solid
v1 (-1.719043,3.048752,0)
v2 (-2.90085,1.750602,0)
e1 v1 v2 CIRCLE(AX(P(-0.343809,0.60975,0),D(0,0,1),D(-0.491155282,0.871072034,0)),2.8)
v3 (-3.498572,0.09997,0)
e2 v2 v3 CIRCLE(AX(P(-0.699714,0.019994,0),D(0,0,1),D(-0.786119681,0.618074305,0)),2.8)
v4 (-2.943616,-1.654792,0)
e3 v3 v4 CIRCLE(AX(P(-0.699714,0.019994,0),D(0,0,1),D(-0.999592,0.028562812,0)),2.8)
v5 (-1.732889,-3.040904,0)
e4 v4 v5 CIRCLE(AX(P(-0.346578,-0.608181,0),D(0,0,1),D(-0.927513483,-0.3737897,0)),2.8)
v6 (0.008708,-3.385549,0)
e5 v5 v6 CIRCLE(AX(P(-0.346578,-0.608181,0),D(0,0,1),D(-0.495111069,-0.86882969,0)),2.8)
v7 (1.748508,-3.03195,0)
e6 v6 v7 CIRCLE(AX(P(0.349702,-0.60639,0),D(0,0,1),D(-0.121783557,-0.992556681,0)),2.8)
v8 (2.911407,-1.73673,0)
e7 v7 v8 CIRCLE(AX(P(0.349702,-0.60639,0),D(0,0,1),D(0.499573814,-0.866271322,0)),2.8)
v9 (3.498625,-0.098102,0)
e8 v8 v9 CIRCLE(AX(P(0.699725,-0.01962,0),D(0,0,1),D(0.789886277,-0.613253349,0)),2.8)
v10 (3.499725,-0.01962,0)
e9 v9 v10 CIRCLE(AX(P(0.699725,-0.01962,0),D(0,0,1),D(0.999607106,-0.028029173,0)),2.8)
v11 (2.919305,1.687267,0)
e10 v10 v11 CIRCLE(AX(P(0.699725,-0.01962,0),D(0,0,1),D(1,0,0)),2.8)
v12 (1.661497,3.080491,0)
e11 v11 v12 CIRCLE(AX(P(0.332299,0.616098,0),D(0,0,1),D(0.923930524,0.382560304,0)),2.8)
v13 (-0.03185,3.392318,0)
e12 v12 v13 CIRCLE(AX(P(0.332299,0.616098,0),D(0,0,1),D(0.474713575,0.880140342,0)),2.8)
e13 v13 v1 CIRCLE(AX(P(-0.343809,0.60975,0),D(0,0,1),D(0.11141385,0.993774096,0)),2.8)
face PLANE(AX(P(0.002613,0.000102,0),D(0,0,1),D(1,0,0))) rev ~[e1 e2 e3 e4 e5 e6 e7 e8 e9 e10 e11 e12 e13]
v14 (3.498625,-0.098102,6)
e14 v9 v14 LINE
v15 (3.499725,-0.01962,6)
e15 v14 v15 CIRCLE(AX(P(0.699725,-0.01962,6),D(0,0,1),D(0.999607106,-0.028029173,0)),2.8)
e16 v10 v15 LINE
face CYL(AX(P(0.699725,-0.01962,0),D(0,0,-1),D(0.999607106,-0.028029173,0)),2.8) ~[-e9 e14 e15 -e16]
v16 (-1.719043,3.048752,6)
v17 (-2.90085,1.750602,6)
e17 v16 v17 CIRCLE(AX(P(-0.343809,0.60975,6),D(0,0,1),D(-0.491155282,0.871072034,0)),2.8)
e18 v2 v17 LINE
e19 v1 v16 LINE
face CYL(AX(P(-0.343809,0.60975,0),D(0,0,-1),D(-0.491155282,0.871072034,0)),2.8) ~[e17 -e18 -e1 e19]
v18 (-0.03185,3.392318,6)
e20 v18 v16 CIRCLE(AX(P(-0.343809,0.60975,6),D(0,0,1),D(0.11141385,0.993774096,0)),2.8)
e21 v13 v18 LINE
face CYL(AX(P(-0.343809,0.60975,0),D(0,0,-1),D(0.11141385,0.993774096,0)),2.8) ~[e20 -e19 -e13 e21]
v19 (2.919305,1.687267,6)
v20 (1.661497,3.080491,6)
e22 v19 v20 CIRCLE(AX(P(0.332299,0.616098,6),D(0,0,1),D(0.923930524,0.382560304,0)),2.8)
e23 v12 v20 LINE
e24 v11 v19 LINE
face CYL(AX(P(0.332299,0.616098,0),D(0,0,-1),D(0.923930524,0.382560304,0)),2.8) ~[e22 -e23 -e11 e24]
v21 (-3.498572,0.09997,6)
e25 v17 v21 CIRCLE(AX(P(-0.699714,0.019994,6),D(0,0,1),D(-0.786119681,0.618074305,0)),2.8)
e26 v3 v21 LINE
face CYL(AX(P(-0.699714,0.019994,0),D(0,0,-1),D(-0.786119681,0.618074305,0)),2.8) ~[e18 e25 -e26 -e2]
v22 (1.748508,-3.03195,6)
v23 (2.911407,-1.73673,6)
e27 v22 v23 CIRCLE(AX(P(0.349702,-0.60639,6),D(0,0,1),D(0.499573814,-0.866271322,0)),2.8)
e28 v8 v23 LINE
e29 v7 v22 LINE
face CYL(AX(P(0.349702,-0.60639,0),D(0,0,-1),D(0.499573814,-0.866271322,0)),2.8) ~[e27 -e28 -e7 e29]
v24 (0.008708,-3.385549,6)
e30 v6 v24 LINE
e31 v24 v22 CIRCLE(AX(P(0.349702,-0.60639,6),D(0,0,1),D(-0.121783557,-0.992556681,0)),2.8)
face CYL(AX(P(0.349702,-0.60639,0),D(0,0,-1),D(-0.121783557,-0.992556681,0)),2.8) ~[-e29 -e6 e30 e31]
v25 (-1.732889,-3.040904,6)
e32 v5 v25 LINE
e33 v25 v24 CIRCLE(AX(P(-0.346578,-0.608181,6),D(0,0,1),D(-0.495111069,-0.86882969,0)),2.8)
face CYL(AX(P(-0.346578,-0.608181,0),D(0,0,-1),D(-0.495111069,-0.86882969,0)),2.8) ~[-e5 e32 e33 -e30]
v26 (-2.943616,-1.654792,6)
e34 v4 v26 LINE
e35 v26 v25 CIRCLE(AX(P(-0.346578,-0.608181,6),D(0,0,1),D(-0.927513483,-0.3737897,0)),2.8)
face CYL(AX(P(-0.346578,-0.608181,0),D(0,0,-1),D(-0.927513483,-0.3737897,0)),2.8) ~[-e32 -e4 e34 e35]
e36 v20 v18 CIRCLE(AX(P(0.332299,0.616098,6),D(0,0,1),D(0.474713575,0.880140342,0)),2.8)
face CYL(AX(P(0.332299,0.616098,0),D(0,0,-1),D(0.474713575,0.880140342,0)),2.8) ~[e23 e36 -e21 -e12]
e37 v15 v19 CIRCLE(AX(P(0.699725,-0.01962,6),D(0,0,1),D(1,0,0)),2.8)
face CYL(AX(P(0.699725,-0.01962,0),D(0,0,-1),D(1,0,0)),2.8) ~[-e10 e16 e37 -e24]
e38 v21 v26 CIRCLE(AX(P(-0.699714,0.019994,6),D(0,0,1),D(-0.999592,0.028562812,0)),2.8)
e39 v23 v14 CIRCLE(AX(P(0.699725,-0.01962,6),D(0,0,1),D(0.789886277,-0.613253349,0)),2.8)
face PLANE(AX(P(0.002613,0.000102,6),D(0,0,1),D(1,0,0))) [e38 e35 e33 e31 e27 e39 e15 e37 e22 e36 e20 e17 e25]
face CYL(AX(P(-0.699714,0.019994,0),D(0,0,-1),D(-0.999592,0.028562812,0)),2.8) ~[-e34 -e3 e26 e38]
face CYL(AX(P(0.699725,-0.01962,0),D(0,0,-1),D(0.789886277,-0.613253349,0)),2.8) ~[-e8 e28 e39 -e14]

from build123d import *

# Parameters (mm, degrees)
F1_DEPTH = 6


with BuildPart() as f1:
    # F0 (on Top) → F1 (new body)
    with BuildSketch(Plane.XY):
        with BuildLine():
            ThreePointArc((1.8973233508, 1.0666051117), (1.0588867343, 1.8135272069), (-0.005583815, 2.1709779391))
            ThreePointArc((-0.005583815, 2.1709779391), (-1.0389548617, 1.8249950782), (-1.8619798916, 1.1107194588))
            ThreePointArc((-1.8619798916, 1.1107194588), (-2.1000901385, 0.0125561815), (-1.887280493, -1.090789244))
            ThreePointArc((-1.887280493, -1.090789244), (-1.0429983237, -1.8228679145), (0.0203406306, -2.1664691802))
            ThreePointArc((0.0203406306, -2.1664691802), (1.0412894646, -1.8236634498), (1.8573263997, -1.1208576368))
            ThreePointArc((1.8573263997, -1.1208576368), (2.038872301, -0.5632237434), (2.1002855998, 0.0199939519))
            ThreePointArc((2.1002855998, 0.0199939519), (2.0490767616, 0.5530484975), (1.8973233508, 1.0666051117))
        make_face()
        with BuildLine():
            ThreePointArc((-0.005583815, 2.1709779391), (-0.5902408798, 2.1811969924), (-1.1642709913, 2.0697620621))
            ThreePointArc((-1.1642709913, 2.0697620621), (-1.5644851841, 1.6276052627), (-1.8619798916, 1.1107194588))
            ThreePointArc((-1.8619798916, 1.1107194588), (-1.0389548617, 1.8249950782), (-0.005583815, 2.1709779391))
        make_face()
        with BuildLine():
            ThreePointArc((1.2254840668, 2.0531222957), (0.6904787067, 2.450500715), (0.0767181369, 2.7101895796))
            ThreePointArc((0.0767181369, 2.7101895796), (-0.5843437882, 2.4685852693), (-1.1642709913, 2.0697620621))
            ThreePointArc((-1.1642709913, 2.0697620621), (-0.5902408798, 2.1811969924), (-0.005583815, 2.1709779391))
            ThreePointArc((-0.005583815, 2.1709779391), (0.6165382251, 2.1808664854), (1.2254840668, 2.0531222957))
        make_face()
        with BuildLine():
            ThreePointArc((0.0767181369, 2.7101895796), (-0.739408057, 2.819712583), (-1.5521012699, 2.6870966167))
            ThreePointArc((-1.5521012699, 2.6870966167), (-2.0648276585, 2.0630888944), (-2.3781173595, 1.31869414))
            ThreePointArc((-2.3781173595, 1.31869414), (-1.8198590259, 1.7728783139), (-1.1642709913, 2.0697620621))
            ThreePointArc((-1.1642709913, 2.0697620621), (-0.5843437882, 2.4685852693), (0.0767181369, 2.7101895796))
        make_face()
        with BuildLine():
            ThreePointArc((-1.1642709913, 2.0697620621), (-1.8198590259, 1.7728783139), (-2.3781173595, 1.31869414))
            ThreePointArc((-2.3781173595, 1.31869414), (-2.4675701182, 0.6431282617), (-2.3911766581, -0.0340386978))
            ThreePointArc((-2.3911766581, -0.0340386978), (-2.1918687447, 0.5685227429), (-1.8619798916, 1.1107194588))
            ThreePointArc((-1.8619798916, 1.1107194588), (-1.5644851841, 1.6276052627), (-1.1642709913, 2.0697620621))
        make_face()
        with BuildLine():
            ThreePointArc((-1.8619798916, 1.1107194588), (-2.1918687447, 0.5685227429), (-2.3911766581, -0.0340386978))
            ThreePointArc((-2.3911766581, -0.0340386978), (-2.1950769, -0.5890444341), (-1.887280493, -1.090789244))
            ThreePointArc((-1.887280493, -1.090789244), (-2.1000901385, 0.0125561815), (-1.8619798916, 1.1107194588))
        make_face()
        with BuildLine():
            ThreePointArc((-2.3781173595, 1.31869414), (-2.8167952616, 0.7101612068), (-3.0781623915, 0.0069984548))
            ThreePointArc((-3.0781623915, 0.0069984548), (-2.8091128769, -0.7177567759), (-2.352128639, -1.3413136635))
            ThreePointArc((-2.352128639, -1.3413136635), (-2.4490500667, -0.6899880247), (-2.3911766581, -0.0340386978))
            ThreePointArc((-2.3911766581, -0.0340386978), (-2.4675701182, 0.6431282617), (-2.3781173595, 1.31869414))
        make_face()
        with BuildLine():
            ThreePointArc((-1.5521012699, 2.6870966167), (-2.2966660757, 2.3199385917), (-2.9008495072, 1.7506020071))
            ThreePointArc((-2.9008495072, 1.7506020071), (-3.1294418909, 0.8930307855), (-3.0781623915, 0.0069984548))
            ThreePointArc((-3.0781623915, 0.0069984548), (-2.8167952616, 0.7101612068), (-2.3781173595, 1.31869414))
            ThreePointArc((-2.3781173595, 1.31869414), (-2.0648276585, 2.0630888944), (-1.5521012699, 2.6870966167))
        make_face()
        with BuildLine():
            ThreePointArc((1.5893790918, 2.6352836652), (0.8408625527, 3.1467868797), (-0.0318499268, 3.3923178874))
            ThreePointArc((-0.0318499268, 3.3923178874), (-0.8459741382, 3.1561123524), (-1.5521012699, 2.6870966167))
            ThreePointArc((-1.5521012699, 2.6870966167), (-0.739408057, 2.819712583), (0.0767181369, 2.7101895796))
            ThreePointArc((0.0767181369, 2.7101895796), (0.8382093308, 2.7769528833), (1.5893790918, 2.6352836652))
        make_face()
        with BuildLine():
            ThreePointArc((2.9193048787, 1.687267141), (2.4106234404, 2.4924162866), (1.6614974205, 3.0804912468))
            ThreePointArc((1.6614974205, 3.0804912468), (0.839387863, 3.3697978552), (-0.0318499268, 3.3923178874))
            ThreePointArc((-0.0318499268, 3.3923178874), (0.8408625527, 3.1467868797), (1.5893790918, 2.6352836652))
            ThreePointArc((1.5893790918, 2.6352836652), (2.3249996844, 2.2603976164), (2.9193048787, 1.687267141))
        make_face()
        with BuildLine():
            ThreePointArc((-0.0318499268, 3.3923178874), (-0.9025110684, 3.3534434902), (-1.7190434975, 3.0487521142))
            ThreePointArc((-1.7190434975, 3.0487521142), (-2.414314987, 2.4946917294), (-2.9008495072, 1.7506020071))
            ThreePointArc((-2.9008495072, 1.7506020071), (-2.2966660757, 2.3199385917), (-1.5521012699, 2.6870966167))
            ThreePointArc((-1.5521012699, 2.6870966167), (-0.8459741382, 3.1561123524), (-0.0318499268, 3.3923178874))
        make_face()
        with BuildLine():
            ThreePointArc((1.8973233508, 1.0666051117), (1.6145801233, 1.5960779783), (1.2254840668, 2.0531222957))
            ThreePointArc((1.2254840668, 2.0531222957), (0.6165382251, 2.1808664854), (-0.005583815, 2.1709779391))
            ThreePointArc((-0.005583815, 2.1709779391), (1.0588867343, 1.8135272069), (1.8973233508, 1.0666051117))
        make_face()
        with BuildLine():
            ThreePointArc((2.3580216147, 1.3446741637), (2.0618651, 2.042486798), (1.5893790918, 2.6352836652))
            ThreePointArc((1.5893790918, 2.6352836652), (0.8382093308, 2.7769528833), (0.0767181369, 2.7101895796))
            ThreePointArc((0.0767181369, 2.7101895796), (0.6904787067, 2.450500715), (1.2254840668, 2.0531222957))
            ThreePointArc((1.2254840668, 2.0531222957), (1.8346212871, 1.7674284762), (2.3580216147, 1.3446741637))
        make_face()
        with BuildLine():
            ThreePointArc((3.132299411, 0.6160982888), (3.0785345893, 1.1621681975), (2.9193048787, 1.687267141))
            ThreePointArc((2.9193048787, 1.687267141), (2.3249996844, 2.2603976164), (1.5893790918, 2.6352836652))
            ThreePointArc((1.5893790918, 2.6352836652), (2.0618651, 2.042486798), (2.3580216147, 1.3446741637))
            ThreePointArc((2.3580216147, 1.3446741637), (2.8033879252, 0.7424702765), (3.073177752, 0.0437470684))
            ThreePointArc((3.073177752, 0.0437470684), (3.1174797781, 0.3283999702), (3.132299411, 0.6160982888))
        make_face()
        with BuildLine():
            ThreePointArc((2.9114065493, -1.7367297688), (3.3355847665, -0.9642066281), (3.4986248701, -0.0981020804))
            ThreePointArc((3.4986248701, -0.0981020804), (3.499449935, -0.058865091), (3.4997249747, -0.0196203918))
            ThreePointArc((3.4997249747, -0.0196203918), (3.3506515798, 0.8818163139), (2.9193048787, 1.687267141))
            ThreePointArc((2.9193048787, 1.687267141), (3.0785345893, 1.1621681975), (3.132299411, 0.6160982888))
            ThreePointArc((3.132299411, 0.6160982888), (3.1174797781, 0.3283999702), (3.073177752, 0.0437470684))
            ThreePointArc((3.073177752, 0.0437470684), (3.1305048937, -0.2790773714), (3.149701683, -0.6063899182))
            ThreePointArc((3.149701683, -0.6063899182), (3.0894802895, -1.1839824971), (2.9114065493, -1.7367297688))
        make_face()
        with BuildLine():
            ThreePointArc((2.3638389968, -1.3107766193), (2.8127584052, -0.6828717562), (3.073177752, 0.0437470684))
            ThreePointArc((3.073177752, 0.0437470684), (2.8033879252, 0.7424702765), (2.3580216147, 1.3446741637))
            ThreePointArc((2.3580216147, 1.3446741637), (2.431540361, 0.9804761247), (2.4561912927, 0.6097504185))
            ThreePointArc((2.4561912927, 0.6097504185), (2.439034886, 0.3002644976), (2.3877759104, -0.0054288045))
            ThreePointArc((2.3877759104, -0.0054288045), (2.4369622669, -0.3050226541), (2.4534222262, -0.6081807681))
            ThreePointArc((2.4534222262, -0.6081807681), (2.4309361288, -0.9623227189), (2.3638389968, -1.3107766193))
        make_face()
        with BuildLine():
            ThreePointArc((2.4561912927, 0.6097504185), (2.431540361, 0.9804761247), (2.3580216147, 1.3446741637))
            ThreePointArc((2.3580216147, 1.3446741637), (1.8346212871, 1.7674284762), (1.2254840668, 2.0531222957))
            ThreePointArc((1.2254840668, 2.0531222957), (1.6145801233, 1.5960779783), (1.8973233508, 1.0666051117))
            ThreePointArc((1.8973233508, 1.0666051117), (2.1996094571, 0.5566928668), (2.3877759104, -0.0054288045))
            ThreePointArc((2.3877759104, -0.0054288045), (2.439034886, 0.3002644976), (2.4561912927, 0.6097504185))
        make_face()
        with BuildLine():
            ThreePointArc((1.8573263997, -1.1208576368), (2.1848226104, -0.5927568204), (2.3877759104, -0.0054288045))
            ThreePointArc((2.3877759104, -0.0054288045), (2.1996094571, 0.5566928668), (1.8973233508, 1.0666051117))
            ThreePointArc((1.8973233508, 1.0666051117), (2.0490767616, 0.5530484975), (2.1002855998, 0.0199939519))
            ThreePointArc((2.1002855998, 0.0199939519), (2.038872301, -0.5632237434), (1.8573263997, -1.1208576368))
        make_face()
        with BuildLine():
            ThreePointArc((1.1846862806, -2.051004376), (1.8210042954, -1.7553480562), (2.3638389968, -1.3107766193))
            ThreePointArc((2.3638389968, -1.3107766193), (2.4309361288, -0.9623227189), (2.4534222262, -0.6081807681))
            ThreePointArc((2.4534222262, -0.6081807681), (2.4369622669, -0.3050226541), (2.3877759104, -0.0054288045))
            ThreePointArc((2.3877759104, -0.0054288045), (2.1848226104, -0.5927568204), (1.8573263997, -1.1208576368))
            ThreePointArc((1.8573263997, -1.1208576368), (1.5691826547, -1.6207699415), (1.1846862806, -2.051004376))
        make_face()
        with BuildLine():
            ThreePointArc((1.5174181922, -2.6975632221), (2.2887744198, -2.3250318217), (2.9114065493, -1.7367297688))
            ThreePointArc((2.9114065493, -1.7367297688), (3.0894802895, -1.1839824971), (3.149701683, -0.6063899182))
            ThreePointArc((3.149701683, -0.6063899182), (3.1305048937, -0.2790773714), (3.073177752, 0.0437470684))
            ThreePointArc((3.073177752, 0.0437470684), (2.8127584052, -0.6828717562), (2.3638389968, -1.3107766193))
            ThreePointArc((2.3638389968, -1.3107766193), (2.0434237412, -2.0669106124), (1.5174181922, -2.6975632221))
        make_face()
        with BuildLine():
            ThreePointArc((0.0087077242, -3.3855486255), (0.9073754248, -3.3502922484), (1.7485083631, -3.031949621))
            ThreePointArc((1.7485083631, -3.031949621), (2.4331631162, -2.4770017048), (2.9114065493, -1.7367297688))
            ThreePointArc((2.9114065493, -1.7367297688), (2.2887744198, -2.3250318217), (1.5174181922, -2.6975632221))
            ThreePointArc((1.5174181922, -2.6975632221), (0.815159517, -3.1558005332), (0.0087077242, -3.3855486255))
        make_face()
        with BuildLine():
            ThreePointArc((-0.0767075624, -2.7098160195), (0.7212457483, -2.8195376864), (1.5174181922, -2.6975632221))
            ThreePointArc((1.5174181922, -2.6975632221), (2.0434237412, -2.0669106124), (2.3638389968, -1.3107766193))
            ThreePointArc((2.3638389968, -1.3107766193), (1.8210042954, -1.7553480562), (1.1846862806, -2.051004376))
            ThreePointArc((1.1846862806, -2.051004376), (0.5965422532, -2.4618841048), (-0.0767075624, -2.7098160195))
        make_face()
        with BuildLine():
            ThreePointArc((0.0203406306, -2.1664691802), (0.6086120241, -2.1702346669), (1.1846862806, -2.051004376))
            ThreePointArc((1.1846862806, -2.051004376), (1.5691826547, -1.6207699415), (1.8573263997, -1.1208576368))
            ThreePointArc((1.8573263997, -1.1208576368), (1.0412894646, -1.8236634498), (0.0203406306, -2.1664691802))
        make_face()
        with BuildLine():
            ThreePointArc((-1.2334628244, -2.0451536385), (-0.6952497963, -2.4473859053), (-0.0767075624, -2.7098160195))
            ThreePointArc((-0.0767075624, -2.7098160195), (0.5965422532, -2.4618841048), (1.1846862806, -2.051004376))
            ThreePointArc((1.1846862806, -2.051004376), (0.6086120241, -2.1702346669), (0.0203406306, -2.1664691802))
            ThreePointArc((0.0203406306, -2.1664691802), (-0.6134717997, -2.1772339404), (-1.2334628244, -2.0451536385))
        make_face()
        with BuildLine():
            ThreePointArc((-1.575496784, -2.6395182621), (-0.8432138017, -3.1395603915), (0.0087077242, -3.3855486255))
            ThreePointArc((0.0087077242, -3.3855486255), (0.815159517, -3.1558005332), (1.5174181922, -2.6975632221))
            ThreePointArc((1.5174181922, -2.6975632221), (0.7212457483, -2.8195376864), (-0.0767075624, -2.7098160195))
            ThreePointArc((-0.0767075624, -2.7098160195), (-0.8308986708, -2.7769312683), (-1.575496784, -2.6395182621))
        make_face()
        with BuildLine():
            ThreePointArc((-2.352128639, -1.3413136635), (-2.0531471779, -2.0438589967), (-1.575496784, -2.6395182621))
            ThreePointArc((-1.575496784, -2.6395182621), (-0.8308986708, -2.7769312683), (-0.0767075624, -2.7098160195))
            ThreePointArc((-0.0767075624, -2.7098160195), (-0.6952497963, -2.4473859053), (-1.2334628244, -2.0451536385))
            ThreePointArc((-1.2334628244, -2.0451536385), (-1.8349193921, -1.7601839531), (-2.352128639, -1.3413136635))
        make_face()
        with BuildLine():
            ThreePointArc((-2.9436155248, -1.6547919279), (-2.4553910421, -2.450165187), (-1.7328887652, -3.0409038997))
            ThreePointArc((-1.7328887652, -3.0409038997), (-0.890129417, -3.3549154862), (0.0087077242, -3.3855486255))
            ThreePointArc((0.0087077242, -3.3855486255), (-0.8432138017, -3.1395603915), (-1.575496784, -2.6395182621))
            ThreePointArc((-1.575496784, -2.6395182621), (-2.3354184647, -2.2525535644), (-2.9436155248, -1.6547919279))
        make_face()
        with BuildLine():
            ThreePointArc((-1.887280493, -1.090789244), (-1.6101970243, -1.602105892), (-1.2334628244, -2.0451536385))
            ThreePointArc((-1.2334628244, -2.0451536385), (-0.6134717997, -2.1772339404), (0.0203406306, -2.1664691802))
            ThreePointArc((0.0203406306, -2.1664691802), (-1.0429983237, -1.8228679145), (-1.887280493, -1.090789244))
        make_face()
        with BuildLine():
            ThreePointArc((-2.3911766581, -0.0340386978), (-2.4490500667, -0.6899880247), (-2.352128639, -1.3413136635))
            ThreePointArc((-2.352128639, -1.3413136635), (-1.8349193921, -1.7601839531), (-1.2334628244, -2.0451536385))
            ThreePointArc((-1.2334628244, -2.0451536385), (-1.6101970243, -1.602105892), (-1.887280493, -1.090789244))
            ThreePointArc((-1.887280493, -1.090789244), (-2.1950769, -0.5890444341), (-2.3911766581, -0.0340386978))
        make_face()
        with BuildLine():
            ThreePointArc((-3.0781623915, 0.0069984548), (-3.1374451848, -0.8341433621), (-2.9436155248, -1.6547919279))
            ThreePointArc((-2.9436155248, -1.6547919279), (-2.3354184647, -2.2525535644), (-1.575496784, -2.6395182621))
            ThreePointArc((-1.575496784, -2.6395182621), (-2.0531471779, -2.0438589967), (-2.352128639, -1.3413136635))
            ThreePointArc((-2.352128639, -1.3413136635), (-2.8091128769, -0.7177567759), (-3.0781623915, 0.0069984548))
        make_face()
        with BuildLine():
            ThreePointArc((-2.9008495072, 1.7506020071), (-3.3324180324, 0.9733415197), (-3.4985719993, 0.0999698254))
            ThreePointArc((-3.4985719993, 0.0999698254), (-3.3693868687, -0.8243098508), (-2.9436155248, -1.6547919279))
            ThreePointArc((-2.9436155248, -1.6547919279), (-3.1374451848, -0.8341433621), (-3.0781623915, 0.0069984548))
            ThreePointArc((-3.0781623915, 0.0069984548), (-3.1294418909, 0.8930307855), (-2.9008495072, 1.7506020071))
        make_face()
    extrude(amount=F1_DEPTH)


solid = f1.part
